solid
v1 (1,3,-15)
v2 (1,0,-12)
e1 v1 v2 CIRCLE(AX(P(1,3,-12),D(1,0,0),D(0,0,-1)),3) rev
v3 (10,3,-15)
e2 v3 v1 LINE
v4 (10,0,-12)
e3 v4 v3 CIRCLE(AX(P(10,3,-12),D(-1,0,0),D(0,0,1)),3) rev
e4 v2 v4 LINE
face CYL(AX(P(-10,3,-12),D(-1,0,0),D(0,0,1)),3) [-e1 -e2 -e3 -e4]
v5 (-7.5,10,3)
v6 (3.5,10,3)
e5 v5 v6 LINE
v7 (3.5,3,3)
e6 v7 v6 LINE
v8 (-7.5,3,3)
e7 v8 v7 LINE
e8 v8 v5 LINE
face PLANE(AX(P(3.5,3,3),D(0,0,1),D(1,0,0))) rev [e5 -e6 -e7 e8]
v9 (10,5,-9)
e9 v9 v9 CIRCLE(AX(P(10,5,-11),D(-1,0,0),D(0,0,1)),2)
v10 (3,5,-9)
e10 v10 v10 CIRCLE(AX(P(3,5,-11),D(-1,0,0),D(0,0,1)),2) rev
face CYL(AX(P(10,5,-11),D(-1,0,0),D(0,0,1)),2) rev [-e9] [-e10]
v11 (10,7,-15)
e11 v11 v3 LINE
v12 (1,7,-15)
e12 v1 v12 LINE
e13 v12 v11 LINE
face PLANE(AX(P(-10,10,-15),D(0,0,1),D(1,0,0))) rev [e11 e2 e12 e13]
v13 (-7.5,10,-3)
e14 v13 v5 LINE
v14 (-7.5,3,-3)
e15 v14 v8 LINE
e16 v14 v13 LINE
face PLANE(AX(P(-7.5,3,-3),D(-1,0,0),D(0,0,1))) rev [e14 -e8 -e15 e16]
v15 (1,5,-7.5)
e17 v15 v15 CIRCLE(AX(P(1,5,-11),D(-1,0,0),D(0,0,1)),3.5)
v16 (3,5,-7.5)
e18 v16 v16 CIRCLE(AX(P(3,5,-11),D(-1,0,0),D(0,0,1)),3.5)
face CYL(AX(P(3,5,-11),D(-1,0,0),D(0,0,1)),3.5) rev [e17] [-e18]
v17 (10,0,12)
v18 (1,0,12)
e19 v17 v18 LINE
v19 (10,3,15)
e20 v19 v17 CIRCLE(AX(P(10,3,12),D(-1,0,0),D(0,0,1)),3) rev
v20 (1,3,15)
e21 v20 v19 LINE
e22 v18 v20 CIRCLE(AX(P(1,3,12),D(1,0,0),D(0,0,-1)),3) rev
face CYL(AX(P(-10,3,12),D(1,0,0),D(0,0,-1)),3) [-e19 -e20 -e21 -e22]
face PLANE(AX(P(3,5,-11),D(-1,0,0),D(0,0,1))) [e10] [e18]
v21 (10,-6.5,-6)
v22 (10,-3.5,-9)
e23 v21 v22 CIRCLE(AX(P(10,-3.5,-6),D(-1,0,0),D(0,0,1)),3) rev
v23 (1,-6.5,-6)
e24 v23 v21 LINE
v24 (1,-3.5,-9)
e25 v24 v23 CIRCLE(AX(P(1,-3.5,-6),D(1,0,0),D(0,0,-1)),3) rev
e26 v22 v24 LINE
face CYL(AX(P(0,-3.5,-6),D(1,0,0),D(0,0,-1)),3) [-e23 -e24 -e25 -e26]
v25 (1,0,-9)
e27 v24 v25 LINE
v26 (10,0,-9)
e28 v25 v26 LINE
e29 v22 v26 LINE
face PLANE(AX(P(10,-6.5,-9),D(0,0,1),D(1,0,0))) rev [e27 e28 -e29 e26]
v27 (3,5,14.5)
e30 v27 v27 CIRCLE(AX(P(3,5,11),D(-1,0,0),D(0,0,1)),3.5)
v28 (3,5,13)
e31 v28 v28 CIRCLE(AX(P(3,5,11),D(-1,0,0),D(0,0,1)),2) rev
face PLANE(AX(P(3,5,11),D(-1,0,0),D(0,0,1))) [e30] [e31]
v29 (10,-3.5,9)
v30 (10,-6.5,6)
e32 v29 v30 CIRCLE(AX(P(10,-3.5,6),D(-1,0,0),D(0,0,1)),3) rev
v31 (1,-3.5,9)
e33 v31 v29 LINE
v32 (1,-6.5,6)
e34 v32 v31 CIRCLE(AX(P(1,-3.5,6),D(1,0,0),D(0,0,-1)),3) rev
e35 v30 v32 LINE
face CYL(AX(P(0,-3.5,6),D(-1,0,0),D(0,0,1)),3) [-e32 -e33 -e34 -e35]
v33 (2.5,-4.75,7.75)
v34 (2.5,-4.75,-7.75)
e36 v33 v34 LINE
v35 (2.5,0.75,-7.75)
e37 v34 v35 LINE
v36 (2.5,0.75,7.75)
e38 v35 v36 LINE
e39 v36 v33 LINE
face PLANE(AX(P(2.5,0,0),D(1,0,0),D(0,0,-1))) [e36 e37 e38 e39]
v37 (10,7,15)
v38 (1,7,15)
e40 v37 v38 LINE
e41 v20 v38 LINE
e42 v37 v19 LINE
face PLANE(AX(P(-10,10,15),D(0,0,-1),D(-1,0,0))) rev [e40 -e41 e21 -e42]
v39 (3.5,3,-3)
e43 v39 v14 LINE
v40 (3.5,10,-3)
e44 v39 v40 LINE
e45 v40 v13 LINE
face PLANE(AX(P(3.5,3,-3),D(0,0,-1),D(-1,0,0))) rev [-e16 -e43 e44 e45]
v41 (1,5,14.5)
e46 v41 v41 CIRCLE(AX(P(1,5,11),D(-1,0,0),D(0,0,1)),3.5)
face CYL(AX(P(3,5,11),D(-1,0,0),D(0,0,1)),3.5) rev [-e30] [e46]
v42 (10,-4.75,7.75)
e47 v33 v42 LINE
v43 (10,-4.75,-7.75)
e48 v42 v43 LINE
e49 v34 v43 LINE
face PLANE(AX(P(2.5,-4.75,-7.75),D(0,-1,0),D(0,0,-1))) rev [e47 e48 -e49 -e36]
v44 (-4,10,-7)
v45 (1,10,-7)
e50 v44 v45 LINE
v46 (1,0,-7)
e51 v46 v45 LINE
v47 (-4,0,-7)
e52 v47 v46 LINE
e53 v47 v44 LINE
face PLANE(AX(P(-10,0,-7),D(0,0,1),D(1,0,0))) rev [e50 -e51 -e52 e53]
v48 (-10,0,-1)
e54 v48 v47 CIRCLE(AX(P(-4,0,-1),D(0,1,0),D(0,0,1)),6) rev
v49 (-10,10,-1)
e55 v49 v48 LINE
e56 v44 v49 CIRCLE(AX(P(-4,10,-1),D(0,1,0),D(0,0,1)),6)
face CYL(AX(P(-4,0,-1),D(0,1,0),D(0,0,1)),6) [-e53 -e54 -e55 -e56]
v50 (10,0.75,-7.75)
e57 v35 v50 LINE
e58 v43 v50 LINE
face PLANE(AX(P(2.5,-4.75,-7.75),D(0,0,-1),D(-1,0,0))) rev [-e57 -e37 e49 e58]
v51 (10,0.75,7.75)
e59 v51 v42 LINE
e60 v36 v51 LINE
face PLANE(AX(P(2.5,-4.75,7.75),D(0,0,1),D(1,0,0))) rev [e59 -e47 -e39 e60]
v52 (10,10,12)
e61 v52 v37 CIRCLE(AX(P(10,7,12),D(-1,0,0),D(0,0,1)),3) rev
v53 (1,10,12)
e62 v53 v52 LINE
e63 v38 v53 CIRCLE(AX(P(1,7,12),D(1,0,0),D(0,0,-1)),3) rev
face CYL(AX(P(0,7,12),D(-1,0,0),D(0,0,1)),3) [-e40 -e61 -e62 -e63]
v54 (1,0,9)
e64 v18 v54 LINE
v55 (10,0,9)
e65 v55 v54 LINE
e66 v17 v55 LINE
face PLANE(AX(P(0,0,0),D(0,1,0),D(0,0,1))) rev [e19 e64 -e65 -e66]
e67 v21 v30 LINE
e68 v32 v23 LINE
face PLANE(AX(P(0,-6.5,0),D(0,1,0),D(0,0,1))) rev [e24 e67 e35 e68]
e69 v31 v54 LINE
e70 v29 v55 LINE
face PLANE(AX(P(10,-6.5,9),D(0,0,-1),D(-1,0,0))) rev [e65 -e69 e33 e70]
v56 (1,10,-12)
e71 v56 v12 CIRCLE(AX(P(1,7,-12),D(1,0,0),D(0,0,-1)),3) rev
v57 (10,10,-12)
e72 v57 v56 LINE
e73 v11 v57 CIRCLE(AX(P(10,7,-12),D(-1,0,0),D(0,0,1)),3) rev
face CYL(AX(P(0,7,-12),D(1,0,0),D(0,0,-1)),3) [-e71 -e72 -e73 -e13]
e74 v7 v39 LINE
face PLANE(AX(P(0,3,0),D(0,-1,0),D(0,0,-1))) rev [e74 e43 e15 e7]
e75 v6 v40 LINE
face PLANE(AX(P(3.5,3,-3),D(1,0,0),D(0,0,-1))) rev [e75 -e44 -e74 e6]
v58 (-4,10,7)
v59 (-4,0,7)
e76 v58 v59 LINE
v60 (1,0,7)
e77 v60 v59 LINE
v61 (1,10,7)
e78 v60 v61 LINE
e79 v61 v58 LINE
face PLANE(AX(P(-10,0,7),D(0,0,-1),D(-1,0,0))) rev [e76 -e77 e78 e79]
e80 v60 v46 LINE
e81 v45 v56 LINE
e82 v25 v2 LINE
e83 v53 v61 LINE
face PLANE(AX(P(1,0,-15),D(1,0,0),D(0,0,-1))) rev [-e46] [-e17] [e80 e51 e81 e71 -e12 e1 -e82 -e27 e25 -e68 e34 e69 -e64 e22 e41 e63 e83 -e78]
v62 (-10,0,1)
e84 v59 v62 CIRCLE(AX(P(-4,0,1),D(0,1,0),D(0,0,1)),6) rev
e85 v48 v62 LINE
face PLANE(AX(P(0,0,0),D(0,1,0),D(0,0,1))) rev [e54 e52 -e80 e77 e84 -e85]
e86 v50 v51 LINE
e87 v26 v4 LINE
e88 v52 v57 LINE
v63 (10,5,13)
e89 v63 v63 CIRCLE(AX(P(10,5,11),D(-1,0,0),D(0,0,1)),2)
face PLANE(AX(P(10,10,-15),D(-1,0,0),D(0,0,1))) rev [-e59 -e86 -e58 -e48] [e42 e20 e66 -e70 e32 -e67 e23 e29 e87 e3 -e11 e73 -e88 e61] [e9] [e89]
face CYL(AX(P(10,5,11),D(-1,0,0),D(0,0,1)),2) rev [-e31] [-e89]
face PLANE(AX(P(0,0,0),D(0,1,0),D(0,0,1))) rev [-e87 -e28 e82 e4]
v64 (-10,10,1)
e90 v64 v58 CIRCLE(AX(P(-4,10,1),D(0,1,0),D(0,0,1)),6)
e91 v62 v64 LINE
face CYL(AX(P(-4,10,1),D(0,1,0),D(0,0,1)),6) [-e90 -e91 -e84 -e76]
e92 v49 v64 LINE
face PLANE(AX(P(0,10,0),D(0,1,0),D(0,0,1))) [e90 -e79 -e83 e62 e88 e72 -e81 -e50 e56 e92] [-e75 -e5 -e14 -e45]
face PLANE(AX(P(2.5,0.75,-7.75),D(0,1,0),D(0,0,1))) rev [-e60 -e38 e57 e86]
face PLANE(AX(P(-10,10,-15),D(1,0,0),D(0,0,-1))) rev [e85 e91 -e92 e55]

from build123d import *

# Parameters (mm, degrees)
ESBO_O1_W                = 20
ESBO_O1_H                = 30
RESSALTO_EXTRUS_O1_DEPTH = 10
ESBO_O2_W                = 11
ESBO_O2_H                = 8
CORTE_EXTRUS_O1_DEPTH    = 10
ESBO_O3_W                = 11
ESBO_O3_H                = 6
CORTE_EXTRUS_O2_DEPTH    = 7
ESBO_O4_W                = 9
ESBO_O4_H                = 18
RESSALTO_EXTRUS_O2_DEPTH = 6.5
ESBO_O5_W                = 15.5
ESBO_O5_H                = 5.5
CORTE_EXTRUS_O3_DEPTH    = 7.5
ESBO_O6_R                = 2
CORTE_EXTRUS_O4_DEPTH    = 10
ESBO_O7_R                = 3.5
CORTE_EXTRUS_O5_DEPTH    = 2
FILETE1_R                = 6
FILETE2_R                = 3


with BuildPart() as part:
    # Esboço1 → Ressalto-extrusão1 (new body)
    with BuildSketch(Plane(origin=(0, 0, 0), x_dir=(1, 0, 0), z_dir=(0, 1, 0))):
        Rectangle(ESBO_O1_W, ESBO_O1_H)
    extrude(amount=RESSALTO_EXTRUS_O1_DEPTH)

    # Esboço2 → Corte-extrusão1 (cut)
    with BuildSketch(Plane(origin=(0, 10, 0), x_dir=(1, 0, 0), z_dir=(0, 1, 0))):
        with Locations((-4.5, 11)):
            Rectangle(ESBO_O2_W, ESBO_O2_H)
        with Locations((-4.5, -11)):
            Rectangle(ESBO_O2_W, ESBO_O2_H)
    extrude(amount=-CORTE_EXTRUS_O1_DEPTH, mode=Mode.SUBTRACT)

    # Esboço3 → Corte-extrusão2 (cut)
    with BuildSketch(Plane(origin=(0, 10, 0), x_dir=(1, 0, 0), z_dir=(0, 1, 0))):
        with Locations((-2, 0)):
            Rectangle(ESBO_O3_W, ESBO_O3_H)
    extrude(amount=-CORTE_EXTRUS_O2_DEPTH, mode=Mode.SUBTRACT)

    # Esboço4 → Ressalto-extrusão2 (add)
    with BuildSketch(Plane.XZ):
        with Locations((5.5, 0)):
            Rectangle(ESBO_O4_W, ESBO_O4_H)
    extrude(amount=RESSALTO_EXTRUS_O2_DEPTH)

    # Esboço5 → Corte-extrusão3 (cut)
    with BuildSketch(Plane(origin=(10, 0, 0), x_dir=(0, 0, -1), z_dir=(1, 0, 0))):
        with Locations((0, -2)):
            Rectangle(ESBO_O5_W, ESBO_O5_H)
    extrude(amount=-CORTE_EXTRUS_O3_DEPTH, mode=Mode.SUBTRACT)

    # Esboço6 → Corte-extrusão4 (cut, through all)
    with BuildSketch(Plane.ZY.offset(-1)):
        with Locations((11, 5)):
            Circle(ESBO_O6_R)
        with Locations((-11, 5)):
            Circle(ESBO_O6_R)
    extrude(amount=-CORTE_EXTRUS_O4_DEPTH, mode=Mode.SUBTRACT)

    # Esboço7 → Corte-extrusão5 (cut)
    with BuildSketch(Plane.ZY.offset(-1)):
        with Locations((11, 5)):
            Circle(ESBO_O7_R)
        with Locations((-11, 5)):
            Circle(ESBO_O7_R)
    extrude(amount=-CORTE_EXTRUS_O5_DEPTH, mode=Mode.SUBTRACT)

    # Filete1
    filete1_edges = [part.edges().sort_by_distance(p)[0] for p in [
        (-10, 5, -7),
        (-10, 5, 7),
    ]]
    fillet(filete1_edges, radius=FILETE1_R)

    # Filete2
    filete2_edges = [part.edges().sort_by_distance(p)[0] for p in [
        (5.5, 0, 15),
        (5.5, 10, 15),
        (5.5, 0, -15),
        (5.5, -6.5, -9),
        (5.5, -6.5, 9),
        (5.5, 10, -15),
    ]]
    fillet(filete2_edges, radius=FILETE2_R)


solid = part.part
